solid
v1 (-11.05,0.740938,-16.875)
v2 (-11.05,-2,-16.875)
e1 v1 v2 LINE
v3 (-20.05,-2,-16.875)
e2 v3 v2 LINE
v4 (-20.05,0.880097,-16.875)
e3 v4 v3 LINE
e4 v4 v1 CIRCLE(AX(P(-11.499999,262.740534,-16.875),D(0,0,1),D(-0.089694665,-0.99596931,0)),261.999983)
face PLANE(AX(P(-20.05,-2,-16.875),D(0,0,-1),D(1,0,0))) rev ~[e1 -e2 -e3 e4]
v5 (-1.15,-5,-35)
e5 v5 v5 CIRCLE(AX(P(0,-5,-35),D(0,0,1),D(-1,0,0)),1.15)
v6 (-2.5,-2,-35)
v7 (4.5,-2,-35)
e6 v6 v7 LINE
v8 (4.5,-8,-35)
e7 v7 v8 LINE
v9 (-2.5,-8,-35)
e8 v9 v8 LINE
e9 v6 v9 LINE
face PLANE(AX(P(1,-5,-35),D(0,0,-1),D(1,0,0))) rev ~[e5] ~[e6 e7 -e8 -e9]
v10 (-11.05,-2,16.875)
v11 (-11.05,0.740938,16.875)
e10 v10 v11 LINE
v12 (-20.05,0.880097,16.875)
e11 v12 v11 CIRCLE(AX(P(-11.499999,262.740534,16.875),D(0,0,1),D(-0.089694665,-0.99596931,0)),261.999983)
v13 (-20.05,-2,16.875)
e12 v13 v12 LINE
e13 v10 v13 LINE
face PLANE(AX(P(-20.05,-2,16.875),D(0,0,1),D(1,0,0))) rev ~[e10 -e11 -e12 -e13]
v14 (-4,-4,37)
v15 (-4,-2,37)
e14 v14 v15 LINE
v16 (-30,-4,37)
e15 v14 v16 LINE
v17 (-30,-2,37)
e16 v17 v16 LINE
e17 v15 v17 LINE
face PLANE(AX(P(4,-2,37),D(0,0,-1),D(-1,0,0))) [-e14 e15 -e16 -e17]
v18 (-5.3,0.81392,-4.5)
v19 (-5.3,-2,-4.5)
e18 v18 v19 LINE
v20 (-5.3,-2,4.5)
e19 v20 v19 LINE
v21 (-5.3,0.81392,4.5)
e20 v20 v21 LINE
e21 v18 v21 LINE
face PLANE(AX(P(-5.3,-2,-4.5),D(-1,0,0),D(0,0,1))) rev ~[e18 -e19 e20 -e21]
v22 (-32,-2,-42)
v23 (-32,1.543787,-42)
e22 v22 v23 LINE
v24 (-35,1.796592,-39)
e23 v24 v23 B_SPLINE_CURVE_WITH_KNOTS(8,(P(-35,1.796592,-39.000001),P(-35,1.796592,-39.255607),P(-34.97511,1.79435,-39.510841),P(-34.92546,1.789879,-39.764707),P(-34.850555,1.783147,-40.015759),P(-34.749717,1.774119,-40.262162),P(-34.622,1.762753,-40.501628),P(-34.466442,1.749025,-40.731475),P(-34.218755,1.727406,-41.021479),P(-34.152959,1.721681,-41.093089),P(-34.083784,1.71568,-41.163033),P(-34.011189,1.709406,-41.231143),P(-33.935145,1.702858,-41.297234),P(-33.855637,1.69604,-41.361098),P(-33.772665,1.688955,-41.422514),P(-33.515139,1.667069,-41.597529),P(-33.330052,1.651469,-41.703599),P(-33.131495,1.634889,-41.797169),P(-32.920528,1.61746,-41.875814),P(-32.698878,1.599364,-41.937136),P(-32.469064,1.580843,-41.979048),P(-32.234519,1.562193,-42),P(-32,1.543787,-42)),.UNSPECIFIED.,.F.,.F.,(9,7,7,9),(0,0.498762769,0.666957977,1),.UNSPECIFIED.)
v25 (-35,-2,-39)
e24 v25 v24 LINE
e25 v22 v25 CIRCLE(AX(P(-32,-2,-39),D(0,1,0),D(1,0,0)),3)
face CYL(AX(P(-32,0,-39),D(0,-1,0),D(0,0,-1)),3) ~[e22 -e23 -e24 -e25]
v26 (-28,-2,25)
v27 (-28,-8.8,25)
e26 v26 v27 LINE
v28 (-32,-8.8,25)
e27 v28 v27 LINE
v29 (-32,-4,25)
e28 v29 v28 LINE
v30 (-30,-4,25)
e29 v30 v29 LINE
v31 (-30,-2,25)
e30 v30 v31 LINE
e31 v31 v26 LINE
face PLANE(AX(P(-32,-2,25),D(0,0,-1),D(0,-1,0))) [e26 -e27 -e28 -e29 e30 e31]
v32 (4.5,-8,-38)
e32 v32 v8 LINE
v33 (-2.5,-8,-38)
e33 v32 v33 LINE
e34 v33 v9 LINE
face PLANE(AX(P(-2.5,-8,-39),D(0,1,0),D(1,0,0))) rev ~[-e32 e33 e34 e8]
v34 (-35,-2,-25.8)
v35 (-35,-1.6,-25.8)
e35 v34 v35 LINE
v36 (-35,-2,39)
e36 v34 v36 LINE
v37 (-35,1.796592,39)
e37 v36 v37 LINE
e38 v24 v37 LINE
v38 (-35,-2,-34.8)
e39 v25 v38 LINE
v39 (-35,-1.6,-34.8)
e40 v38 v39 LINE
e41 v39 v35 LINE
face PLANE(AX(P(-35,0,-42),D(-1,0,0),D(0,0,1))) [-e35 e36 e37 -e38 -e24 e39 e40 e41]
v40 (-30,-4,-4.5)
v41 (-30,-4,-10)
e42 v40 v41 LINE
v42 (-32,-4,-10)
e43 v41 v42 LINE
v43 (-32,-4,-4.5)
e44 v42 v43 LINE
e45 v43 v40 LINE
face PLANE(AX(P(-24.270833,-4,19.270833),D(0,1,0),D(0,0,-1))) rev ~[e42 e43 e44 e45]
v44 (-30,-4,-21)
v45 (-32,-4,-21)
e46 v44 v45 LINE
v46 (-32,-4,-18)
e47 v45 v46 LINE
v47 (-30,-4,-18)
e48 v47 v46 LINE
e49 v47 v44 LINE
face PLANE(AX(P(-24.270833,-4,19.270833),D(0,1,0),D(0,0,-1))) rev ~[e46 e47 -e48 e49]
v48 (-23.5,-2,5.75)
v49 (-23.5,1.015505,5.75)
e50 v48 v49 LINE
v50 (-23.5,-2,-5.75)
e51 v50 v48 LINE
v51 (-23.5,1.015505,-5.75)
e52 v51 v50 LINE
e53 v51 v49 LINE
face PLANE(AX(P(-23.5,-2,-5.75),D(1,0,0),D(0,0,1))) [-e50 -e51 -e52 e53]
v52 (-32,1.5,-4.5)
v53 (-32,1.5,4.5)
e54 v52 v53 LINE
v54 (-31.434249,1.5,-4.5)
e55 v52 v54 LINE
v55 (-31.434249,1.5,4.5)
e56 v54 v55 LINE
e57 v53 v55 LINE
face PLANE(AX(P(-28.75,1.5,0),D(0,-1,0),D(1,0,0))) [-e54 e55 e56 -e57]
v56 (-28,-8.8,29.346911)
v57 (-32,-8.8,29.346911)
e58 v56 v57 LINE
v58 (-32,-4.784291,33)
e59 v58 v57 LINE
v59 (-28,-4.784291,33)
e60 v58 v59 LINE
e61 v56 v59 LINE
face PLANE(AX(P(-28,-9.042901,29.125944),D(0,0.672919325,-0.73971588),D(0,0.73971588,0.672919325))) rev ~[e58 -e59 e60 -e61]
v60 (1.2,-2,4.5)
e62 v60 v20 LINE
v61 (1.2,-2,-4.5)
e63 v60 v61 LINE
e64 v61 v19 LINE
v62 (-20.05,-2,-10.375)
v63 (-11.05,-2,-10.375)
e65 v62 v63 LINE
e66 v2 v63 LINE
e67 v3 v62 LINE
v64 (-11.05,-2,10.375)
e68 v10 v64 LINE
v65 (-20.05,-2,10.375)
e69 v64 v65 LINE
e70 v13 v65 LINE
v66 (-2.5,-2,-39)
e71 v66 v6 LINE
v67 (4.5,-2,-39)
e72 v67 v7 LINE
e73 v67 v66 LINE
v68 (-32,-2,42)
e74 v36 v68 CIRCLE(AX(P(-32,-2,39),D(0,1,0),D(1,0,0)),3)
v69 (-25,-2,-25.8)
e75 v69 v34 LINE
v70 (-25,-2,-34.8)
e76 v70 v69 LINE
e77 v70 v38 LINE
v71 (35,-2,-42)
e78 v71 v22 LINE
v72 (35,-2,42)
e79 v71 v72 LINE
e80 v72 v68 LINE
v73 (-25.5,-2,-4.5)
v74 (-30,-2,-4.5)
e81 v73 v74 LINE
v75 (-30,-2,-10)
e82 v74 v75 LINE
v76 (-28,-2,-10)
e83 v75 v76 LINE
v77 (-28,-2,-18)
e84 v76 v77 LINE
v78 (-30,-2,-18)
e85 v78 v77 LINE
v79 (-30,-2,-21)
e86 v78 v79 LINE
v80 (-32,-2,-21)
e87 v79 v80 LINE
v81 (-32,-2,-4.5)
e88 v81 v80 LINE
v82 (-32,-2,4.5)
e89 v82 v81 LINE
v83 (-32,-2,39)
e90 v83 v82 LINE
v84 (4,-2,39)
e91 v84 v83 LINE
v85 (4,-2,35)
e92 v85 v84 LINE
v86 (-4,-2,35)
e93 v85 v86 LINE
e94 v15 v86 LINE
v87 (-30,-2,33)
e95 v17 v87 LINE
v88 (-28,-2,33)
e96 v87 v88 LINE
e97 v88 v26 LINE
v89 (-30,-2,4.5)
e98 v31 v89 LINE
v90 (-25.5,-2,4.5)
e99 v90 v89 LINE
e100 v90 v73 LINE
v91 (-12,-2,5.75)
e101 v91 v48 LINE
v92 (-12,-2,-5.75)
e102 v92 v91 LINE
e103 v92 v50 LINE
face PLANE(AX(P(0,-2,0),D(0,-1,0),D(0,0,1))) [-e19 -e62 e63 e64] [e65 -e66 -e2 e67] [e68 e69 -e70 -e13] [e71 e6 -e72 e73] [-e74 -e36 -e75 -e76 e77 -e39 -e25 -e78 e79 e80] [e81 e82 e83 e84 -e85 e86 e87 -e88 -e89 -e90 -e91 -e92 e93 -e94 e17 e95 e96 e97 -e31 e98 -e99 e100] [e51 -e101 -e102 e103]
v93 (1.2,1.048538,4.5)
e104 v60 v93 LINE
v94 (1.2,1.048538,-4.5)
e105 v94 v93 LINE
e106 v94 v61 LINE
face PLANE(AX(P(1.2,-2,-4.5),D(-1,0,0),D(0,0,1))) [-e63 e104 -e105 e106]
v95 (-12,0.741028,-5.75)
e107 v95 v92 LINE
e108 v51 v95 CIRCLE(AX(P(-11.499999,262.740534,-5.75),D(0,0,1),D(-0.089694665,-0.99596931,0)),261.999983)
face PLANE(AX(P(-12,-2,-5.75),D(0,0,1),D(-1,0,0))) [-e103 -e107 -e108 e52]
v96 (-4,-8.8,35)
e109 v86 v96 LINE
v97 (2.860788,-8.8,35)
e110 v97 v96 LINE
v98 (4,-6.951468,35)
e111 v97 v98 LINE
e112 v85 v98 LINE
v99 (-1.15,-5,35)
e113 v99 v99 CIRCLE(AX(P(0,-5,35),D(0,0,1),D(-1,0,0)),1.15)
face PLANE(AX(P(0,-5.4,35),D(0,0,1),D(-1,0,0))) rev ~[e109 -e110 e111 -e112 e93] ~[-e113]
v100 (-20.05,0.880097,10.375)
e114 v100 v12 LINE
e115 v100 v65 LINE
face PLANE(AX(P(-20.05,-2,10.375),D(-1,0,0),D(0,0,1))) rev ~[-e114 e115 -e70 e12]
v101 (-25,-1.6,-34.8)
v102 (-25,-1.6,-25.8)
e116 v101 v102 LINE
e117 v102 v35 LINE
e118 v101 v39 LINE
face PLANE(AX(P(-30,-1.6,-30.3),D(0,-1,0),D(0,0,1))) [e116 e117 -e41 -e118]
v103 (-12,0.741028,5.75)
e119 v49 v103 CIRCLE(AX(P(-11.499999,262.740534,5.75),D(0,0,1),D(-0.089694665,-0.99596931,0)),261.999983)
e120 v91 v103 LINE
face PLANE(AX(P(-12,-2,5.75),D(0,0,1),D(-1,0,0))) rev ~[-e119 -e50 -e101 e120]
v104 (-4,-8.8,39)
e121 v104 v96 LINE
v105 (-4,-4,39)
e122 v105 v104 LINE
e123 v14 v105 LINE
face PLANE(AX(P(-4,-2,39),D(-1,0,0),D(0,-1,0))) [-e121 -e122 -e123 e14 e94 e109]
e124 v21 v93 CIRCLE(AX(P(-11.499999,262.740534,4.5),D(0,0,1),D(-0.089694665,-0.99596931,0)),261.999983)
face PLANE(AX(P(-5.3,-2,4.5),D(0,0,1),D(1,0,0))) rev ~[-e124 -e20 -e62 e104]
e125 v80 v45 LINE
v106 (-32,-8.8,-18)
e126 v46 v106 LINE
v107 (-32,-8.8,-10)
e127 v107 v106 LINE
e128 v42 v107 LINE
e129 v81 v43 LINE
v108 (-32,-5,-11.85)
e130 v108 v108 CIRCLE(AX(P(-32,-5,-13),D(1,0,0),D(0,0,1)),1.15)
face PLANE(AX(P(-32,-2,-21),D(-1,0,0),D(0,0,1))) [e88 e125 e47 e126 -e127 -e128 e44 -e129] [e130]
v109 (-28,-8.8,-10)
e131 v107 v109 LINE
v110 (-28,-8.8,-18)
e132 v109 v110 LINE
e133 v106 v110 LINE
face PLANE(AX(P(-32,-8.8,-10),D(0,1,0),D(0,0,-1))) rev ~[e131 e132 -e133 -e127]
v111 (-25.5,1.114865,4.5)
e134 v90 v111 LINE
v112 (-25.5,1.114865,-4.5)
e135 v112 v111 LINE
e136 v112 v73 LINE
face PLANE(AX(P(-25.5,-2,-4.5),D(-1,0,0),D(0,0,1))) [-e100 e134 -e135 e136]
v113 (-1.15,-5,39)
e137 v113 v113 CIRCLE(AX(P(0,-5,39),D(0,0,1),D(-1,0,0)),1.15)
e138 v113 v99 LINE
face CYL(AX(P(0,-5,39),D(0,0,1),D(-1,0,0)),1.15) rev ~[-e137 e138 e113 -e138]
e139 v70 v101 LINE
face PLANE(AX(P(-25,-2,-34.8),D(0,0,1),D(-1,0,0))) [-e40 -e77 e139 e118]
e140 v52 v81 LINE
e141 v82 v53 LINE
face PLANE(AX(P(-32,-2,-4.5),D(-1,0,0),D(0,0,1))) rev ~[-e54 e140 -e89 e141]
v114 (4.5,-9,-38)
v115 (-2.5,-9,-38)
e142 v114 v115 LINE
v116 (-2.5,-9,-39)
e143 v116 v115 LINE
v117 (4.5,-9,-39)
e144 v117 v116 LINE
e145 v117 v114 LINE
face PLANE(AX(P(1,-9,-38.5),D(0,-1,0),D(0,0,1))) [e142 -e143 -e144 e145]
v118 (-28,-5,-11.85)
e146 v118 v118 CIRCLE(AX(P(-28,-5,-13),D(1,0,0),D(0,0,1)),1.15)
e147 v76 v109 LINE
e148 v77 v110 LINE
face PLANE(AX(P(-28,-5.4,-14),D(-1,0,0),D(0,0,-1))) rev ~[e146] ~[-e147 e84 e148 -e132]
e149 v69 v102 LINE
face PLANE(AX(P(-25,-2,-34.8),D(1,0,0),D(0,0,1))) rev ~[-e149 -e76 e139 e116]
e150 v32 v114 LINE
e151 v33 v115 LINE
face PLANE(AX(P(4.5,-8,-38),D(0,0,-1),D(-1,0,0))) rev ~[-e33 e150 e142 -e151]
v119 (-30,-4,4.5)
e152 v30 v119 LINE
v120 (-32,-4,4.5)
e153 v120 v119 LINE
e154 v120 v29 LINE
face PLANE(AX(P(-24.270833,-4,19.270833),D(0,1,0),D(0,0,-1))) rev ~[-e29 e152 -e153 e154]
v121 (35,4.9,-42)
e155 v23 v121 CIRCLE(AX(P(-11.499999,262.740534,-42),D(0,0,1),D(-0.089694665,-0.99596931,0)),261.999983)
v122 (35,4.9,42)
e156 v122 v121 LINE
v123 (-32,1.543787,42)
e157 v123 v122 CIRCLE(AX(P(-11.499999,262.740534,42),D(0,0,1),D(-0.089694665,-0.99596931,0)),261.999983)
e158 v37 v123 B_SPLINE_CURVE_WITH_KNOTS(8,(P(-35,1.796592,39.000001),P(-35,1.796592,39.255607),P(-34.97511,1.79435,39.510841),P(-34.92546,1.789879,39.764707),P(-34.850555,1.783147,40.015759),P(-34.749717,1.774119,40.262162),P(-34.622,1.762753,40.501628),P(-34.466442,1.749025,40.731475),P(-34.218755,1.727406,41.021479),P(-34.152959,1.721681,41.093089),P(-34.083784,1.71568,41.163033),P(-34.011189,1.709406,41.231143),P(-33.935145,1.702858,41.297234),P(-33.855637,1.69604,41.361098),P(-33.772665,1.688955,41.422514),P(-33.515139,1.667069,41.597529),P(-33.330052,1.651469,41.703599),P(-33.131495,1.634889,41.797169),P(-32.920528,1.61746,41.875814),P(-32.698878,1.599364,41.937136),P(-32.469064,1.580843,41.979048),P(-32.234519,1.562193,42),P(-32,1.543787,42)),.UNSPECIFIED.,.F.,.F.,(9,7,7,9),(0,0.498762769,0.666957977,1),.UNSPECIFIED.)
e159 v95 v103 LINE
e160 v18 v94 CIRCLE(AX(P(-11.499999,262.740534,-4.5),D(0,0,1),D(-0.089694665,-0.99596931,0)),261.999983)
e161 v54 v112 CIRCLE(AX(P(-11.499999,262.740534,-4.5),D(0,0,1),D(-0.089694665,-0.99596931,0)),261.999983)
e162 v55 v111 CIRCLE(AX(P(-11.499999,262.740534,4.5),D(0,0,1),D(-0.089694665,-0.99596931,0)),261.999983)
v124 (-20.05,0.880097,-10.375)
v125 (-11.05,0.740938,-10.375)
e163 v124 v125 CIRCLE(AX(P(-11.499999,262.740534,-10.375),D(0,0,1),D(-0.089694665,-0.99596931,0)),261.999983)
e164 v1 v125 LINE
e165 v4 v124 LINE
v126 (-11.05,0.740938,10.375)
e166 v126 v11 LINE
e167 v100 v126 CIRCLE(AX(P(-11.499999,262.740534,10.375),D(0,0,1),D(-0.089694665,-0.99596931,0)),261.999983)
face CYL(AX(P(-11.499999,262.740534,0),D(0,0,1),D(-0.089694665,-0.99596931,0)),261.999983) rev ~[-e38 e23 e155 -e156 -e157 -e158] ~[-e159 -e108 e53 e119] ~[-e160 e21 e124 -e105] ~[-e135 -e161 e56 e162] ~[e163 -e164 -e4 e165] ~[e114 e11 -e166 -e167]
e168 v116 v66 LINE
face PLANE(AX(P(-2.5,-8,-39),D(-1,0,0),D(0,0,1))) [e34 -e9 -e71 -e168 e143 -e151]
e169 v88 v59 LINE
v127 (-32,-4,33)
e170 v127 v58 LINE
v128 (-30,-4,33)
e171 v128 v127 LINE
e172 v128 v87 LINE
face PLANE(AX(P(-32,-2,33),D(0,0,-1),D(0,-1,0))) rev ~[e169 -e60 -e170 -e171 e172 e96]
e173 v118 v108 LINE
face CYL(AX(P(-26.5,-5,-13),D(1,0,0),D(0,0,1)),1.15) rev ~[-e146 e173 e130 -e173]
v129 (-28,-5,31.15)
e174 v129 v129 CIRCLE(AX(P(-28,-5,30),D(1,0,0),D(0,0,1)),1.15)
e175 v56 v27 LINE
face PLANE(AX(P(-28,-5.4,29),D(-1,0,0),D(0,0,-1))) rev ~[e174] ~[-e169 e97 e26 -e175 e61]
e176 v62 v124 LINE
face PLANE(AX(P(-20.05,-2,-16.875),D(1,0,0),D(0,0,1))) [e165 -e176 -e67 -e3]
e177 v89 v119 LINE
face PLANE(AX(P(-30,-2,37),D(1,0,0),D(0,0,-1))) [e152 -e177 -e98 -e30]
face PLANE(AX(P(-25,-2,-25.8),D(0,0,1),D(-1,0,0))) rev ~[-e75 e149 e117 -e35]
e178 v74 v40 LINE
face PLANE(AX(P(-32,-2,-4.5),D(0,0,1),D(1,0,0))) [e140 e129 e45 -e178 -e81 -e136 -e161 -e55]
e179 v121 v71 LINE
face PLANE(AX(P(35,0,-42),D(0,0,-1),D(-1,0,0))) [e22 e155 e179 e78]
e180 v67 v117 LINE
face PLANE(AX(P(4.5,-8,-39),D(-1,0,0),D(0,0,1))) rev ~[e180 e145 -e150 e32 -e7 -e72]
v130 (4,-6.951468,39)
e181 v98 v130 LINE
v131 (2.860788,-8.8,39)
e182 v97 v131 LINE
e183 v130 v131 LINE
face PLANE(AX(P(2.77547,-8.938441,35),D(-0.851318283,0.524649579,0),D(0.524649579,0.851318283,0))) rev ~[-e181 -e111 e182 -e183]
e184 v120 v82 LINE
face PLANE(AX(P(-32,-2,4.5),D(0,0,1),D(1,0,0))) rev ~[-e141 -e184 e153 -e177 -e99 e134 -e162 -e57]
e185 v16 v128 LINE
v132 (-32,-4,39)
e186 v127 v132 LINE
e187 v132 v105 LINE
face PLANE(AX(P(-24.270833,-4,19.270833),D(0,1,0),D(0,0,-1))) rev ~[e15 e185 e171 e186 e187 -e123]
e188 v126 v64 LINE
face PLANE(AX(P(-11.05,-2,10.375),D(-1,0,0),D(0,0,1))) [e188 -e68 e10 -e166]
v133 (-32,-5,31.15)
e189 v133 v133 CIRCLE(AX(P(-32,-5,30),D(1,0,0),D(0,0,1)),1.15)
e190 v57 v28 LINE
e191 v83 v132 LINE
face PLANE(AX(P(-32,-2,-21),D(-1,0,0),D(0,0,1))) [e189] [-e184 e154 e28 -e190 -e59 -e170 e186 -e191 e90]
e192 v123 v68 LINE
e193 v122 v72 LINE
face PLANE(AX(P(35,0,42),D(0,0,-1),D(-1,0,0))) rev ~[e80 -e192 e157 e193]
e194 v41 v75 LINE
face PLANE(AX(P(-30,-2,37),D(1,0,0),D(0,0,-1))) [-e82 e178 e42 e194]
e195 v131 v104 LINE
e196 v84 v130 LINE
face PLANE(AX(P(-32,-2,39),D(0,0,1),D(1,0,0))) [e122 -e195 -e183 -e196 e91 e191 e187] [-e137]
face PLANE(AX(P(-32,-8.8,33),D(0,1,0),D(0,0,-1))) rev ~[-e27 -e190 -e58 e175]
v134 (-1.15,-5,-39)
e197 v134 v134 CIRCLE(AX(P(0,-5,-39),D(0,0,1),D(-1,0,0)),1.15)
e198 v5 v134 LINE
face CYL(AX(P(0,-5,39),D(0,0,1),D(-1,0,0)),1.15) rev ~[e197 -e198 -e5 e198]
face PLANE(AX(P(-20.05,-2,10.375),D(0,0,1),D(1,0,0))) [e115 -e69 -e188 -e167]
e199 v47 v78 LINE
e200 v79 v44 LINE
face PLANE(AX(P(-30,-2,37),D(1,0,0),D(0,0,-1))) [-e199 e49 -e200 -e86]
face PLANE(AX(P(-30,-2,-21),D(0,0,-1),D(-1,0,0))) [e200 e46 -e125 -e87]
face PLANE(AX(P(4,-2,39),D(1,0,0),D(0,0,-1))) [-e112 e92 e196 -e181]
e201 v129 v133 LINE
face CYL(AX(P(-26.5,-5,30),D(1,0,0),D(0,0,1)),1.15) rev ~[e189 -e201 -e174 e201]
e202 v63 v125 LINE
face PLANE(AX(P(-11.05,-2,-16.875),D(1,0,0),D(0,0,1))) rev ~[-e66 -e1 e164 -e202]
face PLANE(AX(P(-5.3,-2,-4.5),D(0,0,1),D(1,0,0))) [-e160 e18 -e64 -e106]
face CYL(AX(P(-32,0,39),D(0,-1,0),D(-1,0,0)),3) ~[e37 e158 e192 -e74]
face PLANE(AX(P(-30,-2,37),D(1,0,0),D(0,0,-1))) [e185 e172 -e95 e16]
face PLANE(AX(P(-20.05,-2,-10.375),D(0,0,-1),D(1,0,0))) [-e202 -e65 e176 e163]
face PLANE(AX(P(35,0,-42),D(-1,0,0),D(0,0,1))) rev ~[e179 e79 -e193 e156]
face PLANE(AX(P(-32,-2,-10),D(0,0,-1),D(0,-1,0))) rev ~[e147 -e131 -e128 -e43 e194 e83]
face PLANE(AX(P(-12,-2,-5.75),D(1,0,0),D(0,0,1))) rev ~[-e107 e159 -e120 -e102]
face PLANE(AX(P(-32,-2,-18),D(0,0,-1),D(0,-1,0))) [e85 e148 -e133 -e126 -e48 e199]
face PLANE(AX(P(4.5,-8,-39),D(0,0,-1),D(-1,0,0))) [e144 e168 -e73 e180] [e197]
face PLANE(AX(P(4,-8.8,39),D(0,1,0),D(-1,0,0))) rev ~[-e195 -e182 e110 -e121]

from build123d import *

# Parameters (mm, degrees)
SKETCH009_W             = 84
SKETCH009_H             = 70
PAD002_DEPTH            = 2
SKETCH010_W             = 2
SKETCH010_H             = 7
PAD003_DEPTH            = 2
SKETCH012_W             = 8
SKETCH012_H             = 6.8
PAD004_DEPTH            = 4
SKETCH013_W             = 7
SKETCH013_H             = 6
PAD005_DEPTH            = 4
SKETCH011_W             = 8
SKETCH011_H             = 6.8
PAD006_DEPTH            = 4
SKETCH014_R             = 1.15
POCKET002_DEPTH         = 81.001
SKETCH016_R             = 1.15
POCKET003_DEPTH         = 8.501
SKETCH018_W             = 11.5
SKETCH018_H             = 11.5
POCKET004_DEPTH         = 5
POCKET005_DEPTH         = 5
POCKET006_DEPTH         = 5
SKETCH021_W             = 1
SKETCH021_H             = 7
PAD007_DEPTH            = 1
SKETCH022_W             = 9
SKETCH022_H             = 10
POCKET007_DEPTH         = 0.4
FILLET_R                = 3
BODY002_PITCH_ANGLE     = -90
BODY002_PLACEMENT_ANGLE = 90
PAD001_DEPTH            = 42
SKETCH007_W             = 11.5
SKETCH007_H             = 11.5
POCKET001_DEPTH         = 13
FILLET001_R             = 3
SKETCH025_W             = 6.5
SKETCH025_H             = 9
SKETCH025_W_2           = 9
SKETCH025_H_2           = 6.5
POCKET008_DEPTH         = 3.5


with BuildPart() as back:
    # Sketch009 → Pad002 (new body)
    with BuildSketch(Plane.XY):
        Rectangle(SKETCH009_W, SKETCH009_H)
    extrude(amount=PAD002_DEPTH)

    # Sketch010 (on Face6 of Pad002) → Pad003 (join)
    with BuildSketch(Plane.XY.offset(2)):
        with Locations((-38, -1)):
            Rectangle(SKETCH010_W, SKETCH010_H)
        Polygon((-21, 32), (39, 32), (39, -4), (37, -4), (37, 30), (-21, 30), align=None)
    extrude(amount=PAD003_DEPTH)

    # Sketch012 (on Face15 of Pad003) → Pad004 (join)
    with BuildSketch(Plane.YZ.offset(39)):
        with Locations((0, 5.4)):
            Rectangle(SKETCH012_W, SKETCH012_H)
    extrude(amount=-PAD004_DEPTH)

    # Sketch013 (on Face9 of Pad004) → Pad005 (join)
    with BuildSketch(Plane(origin=(-39, 0, 0), x_dir=(0, -1, 0), z_dir=(-1, 0, 0))):
        with Locations((1, 5)):
            Rectangle(SKETCH013_W, SKETCH013_H)
    extrude(amount=-PAD005_DEPTH)

    # Sketch011 (on Face16 of Pad003) → Pad006 (join)
    with BuildSketch(Plane(origin=(0, 32, 0), x_dir=(-1, 0, 0), z_dir=(0, 1, 0))):
        with Locations((-29, 5.4)):
            Rectangle(SKETCH011_W, SKETCH011_H)
        with Locations((14, 5.4)):
            Rectangle(SKETCH011_W, SKETCH011_H)
    extrude(amount=-PAD006_DEPTH)

    # Sketch014 (on Face44 of Pad006) → Pocket002 (cut, through all)
    with BuildSketch(Plane.YZ.offset(39)):
        with Locations((0, 5)):
            Circle(SKETCH014_R)
    extrude(amount=-POCKET002_DEPTH, mode=Mode.SUBTRACT)

    # Sketch016 → Pocket003 (cut, through all)
    with BuildSketch(Plane.XZ.offset(-26.5)):
        with Locations((-13, 5)):
            Circle(SKETCH016_R)
        with Locations((30, 5)):
            Circle(SKETCH016_R)
    extrude(amount=-POCKET003_DEPTH, mode=Mode.SUBTRACT)

    # Sketch018 (on Face5 of Pocket003) → Pocket004 (cut)
    with BuildSketch(Plane.XY.offset(2)):
        with Locations((0, 17.75)):
            Rectangle(SKETCH018_W, SKETCH018_H)
    extrude(amount=-POCKET004_DEPTH, mode=Mode.SUBTRACT)

    # Sketch019 (on Face31 of Pocket004) → Pocket005 (cut)
    with BuildSketch(Plane.XZ.offset(-28)):
        Polygon((29.125944, 9.042901), (33.258869, 4.499726), (33.258869, 9.042901), align=None)
    extrude(amount=-POCKET005_DEPTH, mode=Mode.SUBTRACT)

    # Sketch020 (on Face36 of Pocket005) → Pocket006 (cut)
    with BuildSketch(Plane(origin=(35, 0, 0), x_dir=(0, -1, 0), z_dir=(-1, 0, 0))):
        Polygon((2.77547, 8.938441), (6.386171, 3.079567), (6.386171, 8.938441), align=None)
    extrude(amount=-POCKET006_DEPTH, mode=Mode.SUBTRACT)

    # Sketch021 (on Face40 of Pocket006) → Pad007 (join)
    with BuildSketch(Plane.XY.offset(8)):
        with Locations((-38.5, -1)):
            Rectangle(SKETCH021_W, SKETCH021_H)
    extrude(amount=PAD007_DEPTH)

    # Sketch022 (on Face5 of Pocket005) → Pocket007 (cut)
    with BuildSketch(Plane.XY.offset(2)):
        with Locations((-30.3, 30)):
            Rectangle(SKETCH022_W, SKETCH022_H)
    extrude(amount=-POCKET007_DEPTH, mode=Mode.SUBTRACT)

    # Fillet
    fillet_edges = [back.edges().sort_by_distance(p)[0] for p in [
        (42, 35, 1),
        (-42, 35, 1),
    ]]
    fillet(fillet_edges, radius=FILLET_R)


with BuildPart() as back_1:
    # Body002 pitch: moved
    add(back.part.rotate(Axis((0, 0, 0), (0, 1, 0)), BODY002_PITCH_ANGLE))


with BuildPart() as back_2:
    # Body002 placement: moved
    add(back_1.part.rotate(Axis((0, 0, 0), (0, 0, 1)), BODY002_PLACEMENT_ANGLE))


with BuildPart() as curve:
    # Sketch006 → Pad001 (new body, symmetric)
    with BuildSketch(Plane.XY):
        with BuildLine():
            ThreePointArc((-35, 1.796592), (0.104214, 0.997658), (35, 4.9))
            Line((35, -0.1), (35, 4.9))
            Line((-35, -0.1), (35, -0.1))
            Line((-35, 1.796592), (-35, -0.1))
        make_face()
    extrude(amount=PAD001_DEPTH, both=True)

    # Sketch007 (on Face3 of Pad001) → Pocket001 (cut)
    with BuildSketch(Plane.XZ.offset(0.1)):
        with Locations((-17.75, 0)):
            Rectangle(SKETCH007_W, SKETCH007_H)
    extrude(amount=-POCKET001_DEPTH, mode=Mode.SUBTRACT)

    # Fillet001
    fillet001_edges = [curve.edges().sort_by_distance(p)[0] for p in [
        (-35, 0.848296, -42),
        (-35, 0.848296, 42),
    ]]
    fillet(fillet001_edges, radius=FILLET001_R)

    # Boolean: union Back
    add(back_2.part)

    # Sketch025 (on Face32 of Boolean) → Pocket008 (cut, symmetric)
    with BuildSketch(Plane.XZ.offset(2)):
        with Locations((-28.75, 0)):
            Rectangle(SKETCH025_W, SKETCH025_H)
        with Locations((-15.55, 13.625)):
            Rectangle(SKETCH025_W_2, SKETCH025_H_2)
        with Locations((-2.05, 0)):
            Rectangle(SKETCH025_W, SKETCH025_H)
        with Locations((-15.55, -13.625)):
            Rectangle(SKETCH025_W_2, SKETCH025_H_2)
    extrude(amount=POCKET008_DEPTH, both=True, mode=Mode.SUBTRACT)


solid = curve.part
